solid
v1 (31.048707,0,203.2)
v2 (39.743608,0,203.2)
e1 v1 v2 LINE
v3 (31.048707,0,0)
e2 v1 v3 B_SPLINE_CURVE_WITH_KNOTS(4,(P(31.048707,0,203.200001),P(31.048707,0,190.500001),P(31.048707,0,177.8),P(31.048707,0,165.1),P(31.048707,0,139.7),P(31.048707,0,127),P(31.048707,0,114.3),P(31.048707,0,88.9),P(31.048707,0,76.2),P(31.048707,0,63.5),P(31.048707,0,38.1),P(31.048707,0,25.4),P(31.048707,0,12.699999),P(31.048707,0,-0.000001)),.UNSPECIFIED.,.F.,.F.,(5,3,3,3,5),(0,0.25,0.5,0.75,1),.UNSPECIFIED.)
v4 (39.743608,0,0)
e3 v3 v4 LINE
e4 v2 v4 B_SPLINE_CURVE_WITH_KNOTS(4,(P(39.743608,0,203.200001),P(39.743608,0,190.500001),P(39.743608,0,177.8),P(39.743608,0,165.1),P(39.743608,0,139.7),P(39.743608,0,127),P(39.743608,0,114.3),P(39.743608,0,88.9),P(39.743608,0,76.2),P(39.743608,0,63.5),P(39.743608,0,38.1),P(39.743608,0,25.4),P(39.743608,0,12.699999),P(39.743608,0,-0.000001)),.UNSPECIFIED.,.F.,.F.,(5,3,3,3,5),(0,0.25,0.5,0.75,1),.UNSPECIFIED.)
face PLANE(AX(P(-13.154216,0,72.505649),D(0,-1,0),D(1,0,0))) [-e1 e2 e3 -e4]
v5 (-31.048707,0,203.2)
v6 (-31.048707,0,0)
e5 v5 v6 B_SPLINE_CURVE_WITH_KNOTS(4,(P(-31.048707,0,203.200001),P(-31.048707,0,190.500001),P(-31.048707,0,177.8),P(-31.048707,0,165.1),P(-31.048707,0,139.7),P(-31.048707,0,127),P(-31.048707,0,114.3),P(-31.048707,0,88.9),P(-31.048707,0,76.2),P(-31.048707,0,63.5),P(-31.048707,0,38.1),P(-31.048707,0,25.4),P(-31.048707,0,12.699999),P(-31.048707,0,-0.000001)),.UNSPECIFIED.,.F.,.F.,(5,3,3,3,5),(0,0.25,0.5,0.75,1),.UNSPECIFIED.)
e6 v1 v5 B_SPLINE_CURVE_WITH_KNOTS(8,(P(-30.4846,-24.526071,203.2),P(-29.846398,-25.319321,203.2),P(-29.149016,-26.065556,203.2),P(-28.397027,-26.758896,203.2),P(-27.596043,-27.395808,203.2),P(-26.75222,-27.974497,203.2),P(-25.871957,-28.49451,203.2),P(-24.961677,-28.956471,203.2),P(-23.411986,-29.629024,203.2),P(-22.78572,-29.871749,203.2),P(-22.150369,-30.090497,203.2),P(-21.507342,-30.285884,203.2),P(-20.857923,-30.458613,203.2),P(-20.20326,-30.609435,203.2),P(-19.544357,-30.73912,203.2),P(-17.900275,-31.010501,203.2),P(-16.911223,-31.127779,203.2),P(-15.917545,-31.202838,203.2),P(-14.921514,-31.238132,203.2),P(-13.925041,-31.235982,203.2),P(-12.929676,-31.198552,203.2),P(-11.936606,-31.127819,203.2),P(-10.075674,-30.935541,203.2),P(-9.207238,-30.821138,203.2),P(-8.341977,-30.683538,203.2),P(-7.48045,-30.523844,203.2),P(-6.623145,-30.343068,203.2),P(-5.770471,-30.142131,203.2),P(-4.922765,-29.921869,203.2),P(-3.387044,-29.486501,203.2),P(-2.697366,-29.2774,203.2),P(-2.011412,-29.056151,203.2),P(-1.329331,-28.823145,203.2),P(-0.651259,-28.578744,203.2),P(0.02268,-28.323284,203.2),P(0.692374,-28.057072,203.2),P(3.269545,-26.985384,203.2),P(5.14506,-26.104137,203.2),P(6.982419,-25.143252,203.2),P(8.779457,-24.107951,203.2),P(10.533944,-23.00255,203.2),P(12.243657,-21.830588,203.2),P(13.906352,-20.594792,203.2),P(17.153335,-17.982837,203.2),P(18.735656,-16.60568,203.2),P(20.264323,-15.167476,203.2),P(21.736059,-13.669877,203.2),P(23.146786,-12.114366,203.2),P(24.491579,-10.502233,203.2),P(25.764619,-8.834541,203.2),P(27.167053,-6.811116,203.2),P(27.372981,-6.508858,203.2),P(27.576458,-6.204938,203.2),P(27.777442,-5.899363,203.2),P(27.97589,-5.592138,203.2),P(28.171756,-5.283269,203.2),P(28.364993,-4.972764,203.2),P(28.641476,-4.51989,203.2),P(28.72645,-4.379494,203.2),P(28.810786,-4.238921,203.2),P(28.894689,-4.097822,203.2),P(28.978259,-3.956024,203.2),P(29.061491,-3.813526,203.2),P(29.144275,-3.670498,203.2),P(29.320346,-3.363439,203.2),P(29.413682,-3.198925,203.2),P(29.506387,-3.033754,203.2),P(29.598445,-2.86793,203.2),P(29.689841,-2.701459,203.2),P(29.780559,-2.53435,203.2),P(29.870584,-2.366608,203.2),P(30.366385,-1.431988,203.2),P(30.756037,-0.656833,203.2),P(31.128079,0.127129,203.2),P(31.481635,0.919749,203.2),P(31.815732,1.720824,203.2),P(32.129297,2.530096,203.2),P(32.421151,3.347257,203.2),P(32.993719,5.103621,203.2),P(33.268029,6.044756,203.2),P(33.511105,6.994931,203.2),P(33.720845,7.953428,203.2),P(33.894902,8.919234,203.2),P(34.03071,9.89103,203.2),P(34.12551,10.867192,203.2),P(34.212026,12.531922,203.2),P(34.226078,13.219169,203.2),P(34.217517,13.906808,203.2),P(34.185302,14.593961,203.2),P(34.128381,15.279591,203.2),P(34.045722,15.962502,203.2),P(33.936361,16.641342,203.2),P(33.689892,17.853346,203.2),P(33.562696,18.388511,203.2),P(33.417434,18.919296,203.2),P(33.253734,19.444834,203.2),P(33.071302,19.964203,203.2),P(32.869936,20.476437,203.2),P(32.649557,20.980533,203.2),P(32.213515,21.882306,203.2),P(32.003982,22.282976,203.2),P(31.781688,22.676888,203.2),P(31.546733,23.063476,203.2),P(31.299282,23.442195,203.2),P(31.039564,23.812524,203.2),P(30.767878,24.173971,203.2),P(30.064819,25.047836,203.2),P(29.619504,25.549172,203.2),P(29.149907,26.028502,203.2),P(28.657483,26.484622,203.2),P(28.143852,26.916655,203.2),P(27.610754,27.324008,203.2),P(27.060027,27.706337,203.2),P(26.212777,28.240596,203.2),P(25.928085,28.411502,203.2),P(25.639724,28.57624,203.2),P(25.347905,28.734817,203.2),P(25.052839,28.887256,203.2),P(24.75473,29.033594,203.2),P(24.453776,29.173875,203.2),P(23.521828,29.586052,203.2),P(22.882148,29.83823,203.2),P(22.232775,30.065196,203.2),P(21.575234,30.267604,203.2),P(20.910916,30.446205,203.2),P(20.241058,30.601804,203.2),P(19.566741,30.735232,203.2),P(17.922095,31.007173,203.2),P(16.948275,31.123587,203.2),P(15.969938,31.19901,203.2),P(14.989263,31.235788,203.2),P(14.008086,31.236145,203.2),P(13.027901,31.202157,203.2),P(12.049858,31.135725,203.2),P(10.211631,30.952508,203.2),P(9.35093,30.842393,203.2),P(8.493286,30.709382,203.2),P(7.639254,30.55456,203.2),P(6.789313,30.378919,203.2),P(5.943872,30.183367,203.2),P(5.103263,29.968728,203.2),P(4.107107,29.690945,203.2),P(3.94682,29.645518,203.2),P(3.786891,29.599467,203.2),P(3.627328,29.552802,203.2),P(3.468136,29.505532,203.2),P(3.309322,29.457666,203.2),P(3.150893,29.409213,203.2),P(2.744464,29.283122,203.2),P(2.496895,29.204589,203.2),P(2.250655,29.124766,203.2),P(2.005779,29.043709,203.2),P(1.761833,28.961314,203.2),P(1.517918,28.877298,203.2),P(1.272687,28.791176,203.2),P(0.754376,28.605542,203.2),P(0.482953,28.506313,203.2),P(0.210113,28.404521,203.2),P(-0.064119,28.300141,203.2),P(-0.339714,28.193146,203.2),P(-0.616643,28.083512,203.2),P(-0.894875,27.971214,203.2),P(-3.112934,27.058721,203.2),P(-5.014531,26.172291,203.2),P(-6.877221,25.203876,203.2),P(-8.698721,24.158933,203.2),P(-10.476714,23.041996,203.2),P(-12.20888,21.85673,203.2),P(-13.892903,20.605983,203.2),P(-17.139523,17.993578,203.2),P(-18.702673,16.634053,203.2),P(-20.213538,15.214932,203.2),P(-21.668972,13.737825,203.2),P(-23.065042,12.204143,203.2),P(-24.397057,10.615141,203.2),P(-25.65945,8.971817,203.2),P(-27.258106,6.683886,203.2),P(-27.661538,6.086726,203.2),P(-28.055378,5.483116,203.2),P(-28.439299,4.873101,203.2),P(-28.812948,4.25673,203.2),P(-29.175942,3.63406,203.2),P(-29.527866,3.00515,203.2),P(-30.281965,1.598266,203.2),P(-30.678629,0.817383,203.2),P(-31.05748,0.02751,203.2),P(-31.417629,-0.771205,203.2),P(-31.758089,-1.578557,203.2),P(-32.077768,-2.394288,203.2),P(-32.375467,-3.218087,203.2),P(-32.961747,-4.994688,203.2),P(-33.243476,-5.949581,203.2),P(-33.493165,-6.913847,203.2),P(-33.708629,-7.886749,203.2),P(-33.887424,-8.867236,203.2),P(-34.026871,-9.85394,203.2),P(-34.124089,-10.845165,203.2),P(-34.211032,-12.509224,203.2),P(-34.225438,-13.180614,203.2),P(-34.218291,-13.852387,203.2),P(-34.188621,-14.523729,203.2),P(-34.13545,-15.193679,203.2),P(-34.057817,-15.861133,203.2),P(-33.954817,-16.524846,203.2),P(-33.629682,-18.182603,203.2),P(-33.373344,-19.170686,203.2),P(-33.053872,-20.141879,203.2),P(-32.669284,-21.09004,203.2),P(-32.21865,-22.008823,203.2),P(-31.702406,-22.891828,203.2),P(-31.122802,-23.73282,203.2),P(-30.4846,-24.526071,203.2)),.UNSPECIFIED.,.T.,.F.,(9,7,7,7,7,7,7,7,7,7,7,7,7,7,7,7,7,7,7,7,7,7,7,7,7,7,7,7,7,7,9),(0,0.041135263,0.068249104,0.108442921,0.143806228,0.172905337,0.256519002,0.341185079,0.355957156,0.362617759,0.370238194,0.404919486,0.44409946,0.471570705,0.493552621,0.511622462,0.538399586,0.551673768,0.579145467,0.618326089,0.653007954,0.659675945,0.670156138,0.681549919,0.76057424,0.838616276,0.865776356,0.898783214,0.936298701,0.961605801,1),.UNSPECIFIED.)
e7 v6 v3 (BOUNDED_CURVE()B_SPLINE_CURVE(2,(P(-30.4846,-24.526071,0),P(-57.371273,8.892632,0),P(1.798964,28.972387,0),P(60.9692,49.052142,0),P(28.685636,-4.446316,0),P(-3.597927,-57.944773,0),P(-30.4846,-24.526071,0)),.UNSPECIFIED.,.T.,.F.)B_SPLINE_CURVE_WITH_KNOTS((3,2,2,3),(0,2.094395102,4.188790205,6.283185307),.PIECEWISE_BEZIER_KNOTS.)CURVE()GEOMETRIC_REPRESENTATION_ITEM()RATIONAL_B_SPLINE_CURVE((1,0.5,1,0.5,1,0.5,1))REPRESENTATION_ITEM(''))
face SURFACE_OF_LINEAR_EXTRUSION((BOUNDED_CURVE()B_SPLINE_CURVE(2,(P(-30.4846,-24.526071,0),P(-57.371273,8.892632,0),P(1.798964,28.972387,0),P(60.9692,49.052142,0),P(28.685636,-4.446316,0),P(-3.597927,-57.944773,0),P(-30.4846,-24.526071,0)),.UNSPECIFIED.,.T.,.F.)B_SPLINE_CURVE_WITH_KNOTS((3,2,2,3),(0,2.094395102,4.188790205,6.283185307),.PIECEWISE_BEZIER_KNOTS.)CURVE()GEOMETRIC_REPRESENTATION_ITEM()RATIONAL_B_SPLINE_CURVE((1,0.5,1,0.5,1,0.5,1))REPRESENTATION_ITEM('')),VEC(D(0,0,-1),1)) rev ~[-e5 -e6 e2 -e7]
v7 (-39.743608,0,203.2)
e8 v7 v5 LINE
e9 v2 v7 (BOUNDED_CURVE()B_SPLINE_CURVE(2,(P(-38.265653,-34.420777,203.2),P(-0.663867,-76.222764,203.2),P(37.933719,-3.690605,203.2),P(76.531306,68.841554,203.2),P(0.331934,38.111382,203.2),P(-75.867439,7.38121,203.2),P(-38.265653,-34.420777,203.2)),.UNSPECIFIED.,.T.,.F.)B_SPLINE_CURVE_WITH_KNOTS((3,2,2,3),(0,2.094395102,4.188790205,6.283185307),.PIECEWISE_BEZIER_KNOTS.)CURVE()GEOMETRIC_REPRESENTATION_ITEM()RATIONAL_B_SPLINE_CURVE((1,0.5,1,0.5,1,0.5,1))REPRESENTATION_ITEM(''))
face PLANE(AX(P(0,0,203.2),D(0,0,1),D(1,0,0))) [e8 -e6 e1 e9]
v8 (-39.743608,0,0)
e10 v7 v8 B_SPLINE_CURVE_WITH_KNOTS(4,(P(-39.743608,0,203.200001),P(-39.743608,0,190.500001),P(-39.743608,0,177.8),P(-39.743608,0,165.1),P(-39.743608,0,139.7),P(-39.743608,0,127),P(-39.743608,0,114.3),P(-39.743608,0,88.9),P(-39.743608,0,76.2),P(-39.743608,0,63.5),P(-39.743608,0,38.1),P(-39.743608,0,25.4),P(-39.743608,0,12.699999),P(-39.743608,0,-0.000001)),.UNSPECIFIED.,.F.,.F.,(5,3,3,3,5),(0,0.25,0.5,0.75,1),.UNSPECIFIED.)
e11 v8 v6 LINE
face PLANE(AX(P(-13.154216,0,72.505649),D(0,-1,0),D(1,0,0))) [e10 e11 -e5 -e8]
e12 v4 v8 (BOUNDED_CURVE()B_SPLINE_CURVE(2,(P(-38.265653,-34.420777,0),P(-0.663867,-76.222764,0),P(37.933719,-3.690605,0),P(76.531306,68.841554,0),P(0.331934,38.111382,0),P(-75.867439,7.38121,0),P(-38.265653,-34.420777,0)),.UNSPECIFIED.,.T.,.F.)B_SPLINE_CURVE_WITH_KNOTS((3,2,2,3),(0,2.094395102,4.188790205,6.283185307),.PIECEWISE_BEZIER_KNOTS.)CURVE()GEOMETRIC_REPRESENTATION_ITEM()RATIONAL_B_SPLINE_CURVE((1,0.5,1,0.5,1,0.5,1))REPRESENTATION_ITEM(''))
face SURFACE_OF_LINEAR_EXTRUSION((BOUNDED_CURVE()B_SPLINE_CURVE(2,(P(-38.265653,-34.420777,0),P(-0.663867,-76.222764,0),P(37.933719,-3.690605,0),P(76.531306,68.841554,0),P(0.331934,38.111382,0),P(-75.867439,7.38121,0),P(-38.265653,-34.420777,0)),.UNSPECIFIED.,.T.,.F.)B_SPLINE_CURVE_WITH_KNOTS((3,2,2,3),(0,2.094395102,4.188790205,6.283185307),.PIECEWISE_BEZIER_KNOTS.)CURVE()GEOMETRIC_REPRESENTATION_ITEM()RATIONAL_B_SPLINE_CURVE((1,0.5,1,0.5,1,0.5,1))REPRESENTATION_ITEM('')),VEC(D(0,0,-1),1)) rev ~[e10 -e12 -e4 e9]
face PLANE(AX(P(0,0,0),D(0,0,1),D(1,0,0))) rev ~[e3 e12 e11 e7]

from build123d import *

# Parameters (mm, degrees)
F1_DEPTH = 203.2
F4_DEPTH = 203.2010001
F5_W     = 286.5282446146
F5_H     = 301.3309016824
F6_DEPTH = 76.2


with BuildPart() as f1:
    # F0 (on Top) → F1 (new body)
    with BuildSketch(Plane.XY):
        with BuildLine():
            add(Edge.make_bspline(
                [(-38.2656529546, -34.4207771122), (-0.6638671702, -76.2227643424), (37.9337193695, -3.690605059), (76.5313059092, 68.8415542245), (0.3319335851, 38.1113821712), (-75.867438739, 7.3812101179), (-38.2656529546, -34.4207771122)],
                knots=[0, 0, 0, 2.0943951024, 2.0943951024, 4.1887902048, 4.1887902048, 6.2831853072, 6.2831853072, 6.2831853072], degree=2, weights=[1, 0.5, 1, 0.5, 1, 0.5, 1]))
        make_face()
    extrude(amount=F1_DEPTH)

    # F3 (on face) → F4 (cut, through all)
    with BuildSketch(Plane(origin=(0, 0, 0), x_dir=(1, 0, 0), z_dir=(0, 0, -1))):
        with BuildLine():
            add(Edge.make_bspline(
                [(-30.4845999926, 24.5260708034), (-57.3712727472, -8.8926317123), (1.798963619, -28.9723866595), (60.9691999853, -49.0521416068), (28.6856363736, 4.4463158561), (-3.597927238, 57.9447733191), (-30.4845999926, 24.5260708034)],
                knots=[0, 0, 0, 2.0943951024, 2.0943951024, 4.1887902048, 4.1887902048, 6.2831853072, 6.2831853072, 6.2831853072], degree=2, weights=[1, 0.5, 1, 0.5, 1, 0.5, 1]))
        make_face()
    extrude(amount=-F4_DEPTH, mode=Mode.SUBTRACT)

    # F5 (on Front) → F6 (cut)
    with BuildSketch(Plane.XZ):
        with Locations((-13.1542161107, 72.5056491792)):
            Rectangle(F5_W, F5_H)
    extrude(amount=F6_DEPTH, mode=Mode.SUBTRACT)


solid = f1.part
